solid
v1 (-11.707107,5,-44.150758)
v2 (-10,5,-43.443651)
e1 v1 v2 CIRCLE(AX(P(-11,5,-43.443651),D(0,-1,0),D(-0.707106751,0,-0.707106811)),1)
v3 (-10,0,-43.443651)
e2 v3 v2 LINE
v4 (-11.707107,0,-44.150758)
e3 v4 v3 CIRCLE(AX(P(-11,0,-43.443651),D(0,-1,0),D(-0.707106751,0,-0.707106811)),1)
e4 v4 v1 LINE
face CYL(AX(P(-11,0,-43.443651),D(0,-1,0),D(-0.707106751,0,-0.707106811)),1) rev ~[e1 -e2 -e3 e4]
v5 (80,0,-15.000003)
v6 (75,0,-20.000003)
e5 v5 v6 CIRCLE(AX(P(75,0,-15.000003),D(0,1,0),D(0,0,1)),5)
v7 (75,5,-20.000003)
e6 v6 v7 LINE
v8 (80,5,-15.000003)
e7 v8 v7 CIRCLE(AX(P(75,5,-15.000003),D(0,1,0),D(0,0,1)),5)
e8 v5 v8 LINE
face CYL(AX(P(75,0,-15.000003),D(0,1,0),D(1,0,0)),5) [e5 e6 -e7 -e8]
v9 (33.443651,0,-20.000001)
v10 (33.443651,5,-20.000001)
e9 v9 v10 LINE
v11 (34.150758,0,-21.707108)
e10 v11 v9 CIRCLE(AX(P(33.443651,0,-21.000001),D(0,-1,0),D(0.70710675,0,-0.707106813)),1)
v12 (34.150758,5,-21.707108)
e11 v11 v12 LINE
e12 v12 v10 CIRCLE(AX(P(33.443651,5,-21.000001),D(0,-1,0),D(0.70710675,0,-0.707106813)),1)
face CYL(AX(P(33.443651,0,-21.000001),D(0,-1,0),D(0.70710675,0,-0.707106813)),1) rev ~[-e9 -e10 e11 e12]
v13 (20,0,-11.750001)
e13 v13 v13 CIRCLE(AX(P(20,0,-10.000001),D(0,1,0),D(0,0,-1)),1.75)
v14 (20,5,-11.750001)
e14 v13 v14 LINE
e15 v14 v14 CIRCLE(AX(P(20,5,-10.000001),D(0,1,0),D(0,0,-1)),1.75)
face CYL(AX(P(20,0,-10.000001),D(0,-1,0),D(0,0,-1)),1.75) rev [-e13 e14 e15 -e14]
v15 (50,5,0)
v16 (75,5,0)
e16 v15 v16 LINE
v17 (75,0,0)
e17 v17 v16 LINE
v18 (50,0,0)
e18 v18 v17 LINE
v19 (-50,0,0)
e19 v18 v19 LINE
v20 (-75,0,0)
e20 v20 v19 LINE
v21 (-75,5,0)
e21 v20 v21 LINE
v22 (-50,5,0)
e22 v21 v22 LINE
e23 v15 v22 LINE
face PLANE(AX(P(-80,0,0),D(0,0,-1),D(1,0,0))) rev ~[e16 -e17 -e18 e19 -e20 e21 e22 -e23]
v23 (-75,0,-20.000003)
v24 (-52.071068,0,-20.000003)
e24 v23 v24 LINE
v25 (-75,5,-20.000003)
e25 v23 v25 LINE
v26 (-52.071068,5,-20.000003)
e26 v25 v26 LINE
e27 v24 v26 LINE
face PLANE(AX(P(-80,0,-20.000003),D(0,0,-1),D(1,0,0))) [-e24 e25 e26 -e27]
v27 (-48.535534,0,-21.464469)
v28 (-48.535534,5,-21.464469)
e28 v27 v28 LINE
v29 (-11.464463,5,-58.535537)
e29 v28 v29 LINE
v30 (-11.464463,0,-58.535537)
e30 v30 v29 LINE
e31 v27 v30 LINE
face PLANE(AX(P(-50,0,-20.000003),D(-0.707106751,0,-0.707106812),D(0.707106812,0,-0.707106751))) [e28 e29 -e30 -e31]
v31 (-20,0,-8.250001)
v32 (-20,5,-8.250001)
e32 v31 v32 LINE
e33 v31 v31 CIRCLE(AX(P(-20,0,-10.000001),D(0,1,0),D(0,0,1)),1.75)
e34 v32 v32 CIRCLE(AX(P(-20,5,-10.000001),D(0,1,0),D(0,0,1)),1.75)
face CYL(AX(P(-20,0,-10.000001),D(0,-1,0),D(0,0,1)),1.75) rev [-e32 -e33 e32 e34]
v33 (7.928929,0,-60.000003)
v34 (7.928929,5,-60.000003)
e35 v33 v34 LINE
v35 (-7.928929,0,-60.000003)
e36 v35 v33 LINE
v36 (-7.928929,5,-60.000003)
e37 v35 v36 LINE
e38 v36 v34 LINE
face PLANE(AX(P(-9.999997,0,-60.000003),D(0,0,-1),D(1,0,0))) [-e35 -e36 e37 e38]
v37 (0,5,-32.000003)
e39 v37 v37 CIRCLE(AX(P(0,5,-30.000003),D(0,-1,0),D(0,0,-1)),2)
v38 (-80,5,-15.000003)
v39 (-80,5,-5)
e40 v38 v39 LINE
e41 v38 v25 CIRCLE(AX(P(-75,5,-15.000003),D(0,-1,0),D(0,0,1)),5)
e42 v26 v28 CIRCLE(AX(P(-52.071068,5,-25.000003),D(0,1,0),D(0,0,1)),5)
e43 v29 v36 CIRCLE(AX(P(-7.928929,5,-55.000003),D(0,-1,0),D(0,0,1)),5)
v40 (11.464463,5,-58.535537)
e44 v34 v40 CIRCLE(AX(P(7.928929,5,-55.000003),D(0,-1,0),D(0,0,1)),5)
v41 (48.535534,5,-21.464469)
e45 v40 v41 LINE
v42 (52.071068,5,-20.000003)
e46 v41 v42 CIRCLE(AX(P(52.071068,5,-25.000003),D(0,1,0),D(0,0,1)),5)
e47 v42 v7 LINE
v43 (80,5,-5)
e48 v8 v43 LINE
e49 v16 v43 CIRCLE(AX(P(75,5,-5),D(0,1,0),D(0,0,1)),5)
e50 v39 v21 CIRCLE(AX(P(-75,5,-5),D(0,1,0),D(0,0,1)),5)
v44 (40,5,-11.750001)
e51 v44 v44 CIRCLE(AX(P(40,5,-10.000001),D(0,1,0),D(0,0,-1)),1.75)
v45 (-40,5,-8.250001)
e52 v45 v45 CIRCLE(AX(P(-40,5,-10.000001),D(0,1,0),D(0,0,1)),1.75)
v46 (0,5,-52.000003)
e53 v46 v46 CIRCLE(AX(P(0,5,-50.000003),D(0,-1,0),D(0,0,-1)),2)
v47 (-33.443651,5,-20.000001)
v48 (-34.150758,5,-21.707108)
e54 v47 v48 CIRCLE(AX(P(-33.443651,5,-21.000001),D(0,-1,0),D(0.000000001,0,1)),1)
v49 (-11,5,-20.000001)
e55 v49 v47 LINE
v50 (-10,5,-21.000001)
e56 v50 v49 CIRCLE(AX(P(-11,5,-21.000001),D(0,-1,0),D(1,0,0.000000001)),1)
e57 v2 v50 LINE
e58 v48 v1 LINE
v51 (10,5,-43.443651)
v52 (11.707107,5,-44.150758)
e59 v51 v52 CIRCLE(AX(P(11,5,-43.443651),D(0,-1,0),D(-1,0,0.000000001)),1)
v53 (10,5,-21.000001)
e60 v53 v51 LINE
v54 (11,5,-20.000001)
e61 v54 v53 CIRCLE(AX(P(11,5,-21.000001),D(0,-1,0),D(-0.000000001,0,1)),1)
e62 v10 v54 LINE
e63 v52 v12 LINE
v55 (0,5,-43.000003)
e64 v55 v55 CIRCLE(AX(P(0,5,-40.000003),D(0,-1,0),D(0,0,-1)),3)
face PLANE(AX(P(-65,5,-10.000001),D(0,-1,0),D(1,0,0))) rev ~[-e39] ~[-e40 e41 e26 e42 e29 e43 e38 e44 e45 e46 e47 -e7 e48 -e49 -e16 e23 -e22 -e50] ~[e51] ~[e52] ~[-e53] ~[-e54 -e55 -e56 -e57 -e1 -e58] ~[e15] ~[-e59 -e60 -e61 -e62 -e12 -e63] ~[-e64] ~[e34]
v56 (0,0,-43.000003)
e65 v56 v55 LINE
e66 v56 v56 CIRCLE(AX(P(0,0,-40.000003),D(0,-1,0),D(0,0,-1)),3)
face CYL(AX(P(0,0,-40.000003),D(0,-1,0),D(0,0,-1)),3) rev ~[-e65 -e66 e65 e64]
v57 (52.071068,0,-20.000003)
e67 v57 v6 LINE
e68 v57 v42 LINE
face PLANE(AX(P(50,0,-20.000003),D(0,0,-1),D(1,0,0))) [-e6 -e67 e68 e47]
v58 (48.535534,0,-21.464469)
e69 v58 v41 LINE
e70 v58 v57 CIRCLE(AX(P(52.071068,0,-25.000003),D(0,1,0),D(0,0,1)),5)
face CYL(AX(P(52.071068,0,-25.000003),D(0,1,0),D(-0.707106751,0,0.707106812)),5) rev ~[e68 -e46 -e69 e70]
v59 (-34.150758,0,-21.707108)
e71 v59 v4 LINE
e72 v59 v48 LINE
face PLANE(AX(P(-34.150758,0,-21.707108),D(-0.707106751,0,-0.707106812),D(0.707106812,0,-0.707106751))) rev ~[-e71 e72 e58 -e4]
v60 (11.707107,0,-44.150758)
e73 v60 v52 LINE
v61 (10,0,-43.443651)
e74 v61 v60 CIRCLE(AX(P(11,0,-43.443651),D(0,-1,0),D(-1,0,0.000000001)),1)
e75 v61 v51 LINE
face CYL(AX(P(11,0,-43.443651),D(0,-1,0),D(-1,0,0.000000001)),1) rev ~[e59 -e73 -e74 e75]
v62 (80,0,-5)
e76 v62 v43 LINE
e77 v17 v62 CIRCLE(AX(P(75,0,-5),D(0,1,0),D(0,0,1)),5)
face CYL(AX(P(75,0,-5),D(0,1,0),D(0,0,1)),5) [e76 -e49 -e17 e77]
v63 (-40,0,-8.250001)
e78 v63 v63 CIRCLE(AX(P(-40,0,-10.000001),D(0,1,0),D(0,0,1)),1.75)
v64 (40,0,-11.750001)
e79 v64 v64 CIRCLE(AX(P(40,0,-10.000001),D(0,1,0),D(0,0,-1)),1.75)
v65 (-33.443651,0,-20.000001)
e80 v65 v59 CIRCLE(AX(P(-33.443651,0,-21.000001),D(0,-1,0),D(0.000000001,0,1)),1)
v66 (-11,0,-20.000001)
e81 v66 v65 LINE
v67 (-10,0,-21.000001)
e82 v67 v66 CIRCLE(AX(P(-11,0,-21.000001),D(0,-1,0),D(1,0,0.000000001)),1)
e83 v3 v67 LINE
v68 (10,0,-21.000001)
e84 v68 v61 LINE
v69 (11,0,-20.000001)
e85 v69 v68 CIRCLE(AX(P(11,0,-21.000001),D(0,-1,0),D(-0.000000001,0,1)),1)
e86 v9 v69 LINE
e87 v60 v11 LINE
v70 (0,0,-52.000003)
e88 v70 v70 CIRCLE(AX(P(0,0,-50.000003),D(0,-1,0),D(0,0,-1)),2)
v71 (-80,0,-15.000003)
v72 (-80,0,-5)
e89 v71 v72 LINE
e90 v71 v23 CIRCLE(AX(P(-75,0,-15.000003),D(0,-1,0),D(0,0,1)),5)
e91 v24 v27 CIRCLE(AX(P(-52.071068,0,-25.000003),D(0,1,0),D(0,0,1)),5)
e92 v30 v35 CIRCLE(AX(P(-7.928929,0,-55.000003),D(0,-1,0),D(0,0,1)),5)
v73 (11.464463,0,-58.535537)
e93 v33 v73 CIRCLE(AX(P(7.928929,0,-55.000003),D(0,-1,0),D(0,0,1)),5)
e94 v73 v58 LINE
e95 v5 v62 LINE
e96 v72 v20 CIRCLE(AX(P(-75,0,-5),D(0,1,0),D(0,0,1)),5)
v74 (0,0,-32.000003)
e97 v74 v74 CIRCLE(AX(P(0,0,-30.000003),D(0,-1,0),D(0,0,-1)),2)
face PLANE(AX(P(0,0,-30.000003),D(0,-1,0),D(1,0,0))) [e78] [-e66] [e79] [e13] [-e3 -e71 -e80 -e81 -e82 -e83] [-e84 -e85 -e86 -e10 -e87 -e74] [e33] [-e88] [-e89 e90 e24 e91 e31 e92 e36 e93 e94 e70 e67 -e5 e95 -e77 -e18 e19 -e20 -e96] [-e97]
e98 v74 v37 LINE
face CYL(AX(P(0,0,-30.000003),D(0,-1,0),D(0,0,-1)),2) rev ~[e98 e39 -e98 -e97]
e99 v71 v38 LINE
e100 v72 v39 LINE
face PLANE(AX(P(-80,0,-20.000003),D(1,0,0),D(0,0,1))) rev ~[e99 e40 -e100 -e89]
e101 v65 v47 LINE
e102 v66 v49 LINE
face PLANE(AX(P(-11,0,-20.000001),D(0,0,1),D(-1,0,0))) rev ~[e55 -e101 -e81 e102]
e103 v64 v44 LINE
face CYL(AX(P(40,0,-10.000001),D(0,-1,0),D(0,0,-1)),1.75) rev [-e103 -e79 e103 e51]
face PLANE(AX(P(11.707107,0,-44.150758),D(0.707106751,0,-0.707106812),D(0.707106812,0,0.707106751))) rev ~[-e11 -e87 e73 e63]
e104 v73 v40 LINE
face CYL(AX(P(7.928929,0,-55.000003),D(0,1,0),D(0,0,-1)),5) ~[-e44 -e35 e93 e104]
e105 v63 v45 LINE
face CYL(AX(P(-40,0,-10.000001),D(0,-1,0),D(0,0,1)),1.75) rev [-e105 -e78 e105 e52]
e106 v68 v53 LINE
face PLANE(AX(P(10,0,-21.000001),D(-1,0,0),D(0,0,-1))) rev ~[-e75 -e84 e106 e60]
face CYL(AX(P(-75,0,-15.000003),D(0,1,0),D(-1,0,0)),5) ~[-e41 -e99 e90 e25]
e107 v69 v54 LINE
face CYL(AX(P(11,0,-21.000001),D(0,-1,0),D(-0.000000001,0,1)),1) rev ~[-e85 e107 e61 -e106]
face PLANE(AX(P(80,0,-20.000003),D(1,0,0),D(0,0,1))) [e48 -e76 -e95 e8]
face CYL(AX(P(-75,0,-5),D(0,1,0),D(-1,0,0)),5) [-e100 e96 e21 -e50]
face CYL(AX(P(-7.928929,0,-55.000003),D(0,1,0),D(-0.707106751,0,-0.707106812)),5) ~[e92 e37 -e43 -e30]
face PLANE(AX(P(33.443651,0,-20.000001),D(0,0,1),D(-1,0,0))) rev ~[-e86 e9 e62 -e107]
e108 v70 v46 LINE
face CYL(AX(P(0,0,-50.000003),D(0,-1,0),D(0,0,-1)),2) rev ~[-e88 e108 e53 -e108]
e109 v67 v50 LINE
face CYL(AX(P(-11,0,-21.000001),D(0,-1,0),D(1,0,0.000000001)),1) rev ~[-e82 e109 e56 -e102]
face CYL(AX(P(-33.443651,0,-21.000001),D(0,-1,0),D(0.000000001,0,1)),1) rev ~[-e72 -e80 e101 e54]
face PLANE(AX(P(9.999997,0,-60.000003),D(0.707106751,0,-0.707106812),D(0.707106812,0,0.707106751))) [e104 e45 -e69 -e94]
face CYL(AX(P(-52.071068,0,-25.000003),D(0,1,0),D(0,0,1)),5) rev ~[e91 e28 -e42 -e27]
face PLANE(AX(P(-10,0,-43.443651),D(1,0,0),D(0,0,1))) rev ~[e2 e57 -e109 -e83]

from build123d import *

# Parameters (mm, degrees)
ESBO_O1_R                = 1.75
RESSALTO_EXTRUS_O1_DEPTH = 5
ESBO_O4_W                = 30
ESBO_O4_H                = 20.000002677
RESSALTO_EXTRUS_O3_DEPTH = 5
ESBO_O5_R                = 3
CORTE_EXTRUS_O1_DEPTH    = 101.124923498
ESBO_O6_R                = 1.75
RESSALTO_EXTRUS_O5_DEPTH = 5
FILETE1_R                = 5
ESBO_O7_R                = 2
CORTE_EXTRUS_O2_DEPTH    = 101.124923498


with BuildPart() as part:
    # Esboço1 → Ressalto-extrusão1 (new body)
    with BuildSketch(Plane(origin=(0, 0, 0), x_dir=(1, 0, 0), z_dir=(0, 1, 0))):
        Polygon((-50, 0), (-50, 20.000002677), (-9.999996661, 60.000002546), (9.999996661, 60.000002546), (50, 20.000002677), (50, 0), align=None)
        with Locations(Location((-40, 10.000001339, 0), (0, 0, 270))):
            Circle(ESBO_O1_R, mode=Mode.SUBTRACT)
        with Locations(Location((-20, 10.000001339, 0), (0, 0, 270))):
            Circle(ESBO_O1_R, mode=Mode.SUBTRACT)
        with Locations(Location((0, 50.000002546, 0), (0, 0, 270))):
            Circle(ESBO_O1_R, mode=Mode.SUBTRACT)
        with Locations(Location((0, 30.000002546, 0), (0, 0, 270))):
            Circle(ESBO_O1_R, mode=Mode.SUBTRACT)
        with Locations(Location((20, 10.000001339, 0), (0, 0, 90))):
            Circle(ESBO_O1_R, mode=Mode.SUBTRACT)
        with Locations(Location((40, 10.000001339, 0), (0, 0, 90))):
            Circle(ESBO_O1_R, mode=Mode.SUBTRACT)
        with BuildLine():
            Line((-10, 43.443650782), (-10, 21.000001339))
            ThreePointArc((-10, 21.000001339), (-10.292893219, 20.292894558), (-11, 20.000001339))
            Line((-11, 20.000001339), (-33.443651391, 20.000001339))
            ThreePointArc((-33.443651391, 20.000001339), (-34.367530932, 20.617317926), (-34.150758141, 21.707108151))
            Line((-34.150758141, 21.707108151), (-11.707106751, 44.150757594))
            ThreePointArc((-11.707106751, 44.150757594), (-10.617316548, 44.367530307), (-10, 43.443650782))
        make_face(mode=Mode.SUBTRACT)
        with BuildLine():
            Line((11.707106751, 44.150757594), (34.150758141, 21.707108151))
            ThreePointArc((34.150758141, 21.707108151), (34.367530932, 20.617317926), (33.443651391, 20.000001339))
            Line((33.443651391, 20.000001339), (11, 20.000001339))
            ThreePointArc((11, 20.000001339), (10.292893219, 20.292894558), (10, 21.000001339))
            Line((10, 21.000001339), (10, 43.443650782))
            ThreePointArc((10, 43.443650782), (10.617316548, 44.367530307), (11.707106751, 44.150757594))
        make_face(mode=Mode.SUBTRACT)
    extrude(amount=RESSALTO_EXTRUS_O1_DEPTH)

    # Esboço4 → Ressalto-extrusão3 (add)
    with BuildSketch(Plane.XZ):
        with Locations((-65, -10.000001339)):
            Rectangle(ESBO_O4_W, ESBO_O4_H)
        with Locations((65, -10.000001339)):
            Rectangle(ESBO_O4_W, ESBO_O4_H)
    extrude(amount=-RESSALTO_EXTRUS_O3_DEPTH)

    # Esboço5 → Corte-extrusão1 (cut, through all)
    with BuildSketch(Plane.XZ):
        with Locations(Location((0, -40.000002546, 0), (0, 0, 270))):
            Circle(ESBO_O5_R)
    extrude(amount=-CORTE_EXTRUS_O1_DEPTH, mode=Mode.SUBTRACT)

    # Esboço6 → Ressalto-extrusão5 (add, through all)
    with BuildSketch(Plane.XZ):
        with Locations((0, -30.000002546)):
            Circle(ESBO_O6_R)
        with Locations((0, -50.000002546)):
            Circle(ESBO_O6_R)
    extrude(amount=-RESSALTO_EXTRUS_O5_DEPTH)

    # Filete1
    filete1_edges = [part.edges().sort_by_distance(p)[0] for p in [
        (-50, 2.5, -20.000002677),
        (-9.999996661, 2.5, -60.000002546),
        (9.999996661, 2.5, -60.000002546),
        (50, 2.5, -20.000002677),
        (-80, 2.5, -20.000002677),
        (-80, 2.5, 0),
        (80, 2.5, 0),
        (80, 2.5, -20.000002677),
    ]]
    fillet(filete1_edges, radius=FILETE1_R)

    # Esboço7 → Corte-extrusão2 (cut, through all)
    with BuildSketch(Plane.XZ):
        with Locations(Location((0, -50.000002546, 0), (0, 0, 270))):
            Circle(ESBO_O7_R)
        with Locations(Location((0, -30.000002546, 0), (0, 0, 270))):
            Circle(ESBO_O7_R)
    extrude(amount=-CORTE_EXTRUS_O2_DEPTH, mode=Mode.SUBTRACT)


solid = part.part
